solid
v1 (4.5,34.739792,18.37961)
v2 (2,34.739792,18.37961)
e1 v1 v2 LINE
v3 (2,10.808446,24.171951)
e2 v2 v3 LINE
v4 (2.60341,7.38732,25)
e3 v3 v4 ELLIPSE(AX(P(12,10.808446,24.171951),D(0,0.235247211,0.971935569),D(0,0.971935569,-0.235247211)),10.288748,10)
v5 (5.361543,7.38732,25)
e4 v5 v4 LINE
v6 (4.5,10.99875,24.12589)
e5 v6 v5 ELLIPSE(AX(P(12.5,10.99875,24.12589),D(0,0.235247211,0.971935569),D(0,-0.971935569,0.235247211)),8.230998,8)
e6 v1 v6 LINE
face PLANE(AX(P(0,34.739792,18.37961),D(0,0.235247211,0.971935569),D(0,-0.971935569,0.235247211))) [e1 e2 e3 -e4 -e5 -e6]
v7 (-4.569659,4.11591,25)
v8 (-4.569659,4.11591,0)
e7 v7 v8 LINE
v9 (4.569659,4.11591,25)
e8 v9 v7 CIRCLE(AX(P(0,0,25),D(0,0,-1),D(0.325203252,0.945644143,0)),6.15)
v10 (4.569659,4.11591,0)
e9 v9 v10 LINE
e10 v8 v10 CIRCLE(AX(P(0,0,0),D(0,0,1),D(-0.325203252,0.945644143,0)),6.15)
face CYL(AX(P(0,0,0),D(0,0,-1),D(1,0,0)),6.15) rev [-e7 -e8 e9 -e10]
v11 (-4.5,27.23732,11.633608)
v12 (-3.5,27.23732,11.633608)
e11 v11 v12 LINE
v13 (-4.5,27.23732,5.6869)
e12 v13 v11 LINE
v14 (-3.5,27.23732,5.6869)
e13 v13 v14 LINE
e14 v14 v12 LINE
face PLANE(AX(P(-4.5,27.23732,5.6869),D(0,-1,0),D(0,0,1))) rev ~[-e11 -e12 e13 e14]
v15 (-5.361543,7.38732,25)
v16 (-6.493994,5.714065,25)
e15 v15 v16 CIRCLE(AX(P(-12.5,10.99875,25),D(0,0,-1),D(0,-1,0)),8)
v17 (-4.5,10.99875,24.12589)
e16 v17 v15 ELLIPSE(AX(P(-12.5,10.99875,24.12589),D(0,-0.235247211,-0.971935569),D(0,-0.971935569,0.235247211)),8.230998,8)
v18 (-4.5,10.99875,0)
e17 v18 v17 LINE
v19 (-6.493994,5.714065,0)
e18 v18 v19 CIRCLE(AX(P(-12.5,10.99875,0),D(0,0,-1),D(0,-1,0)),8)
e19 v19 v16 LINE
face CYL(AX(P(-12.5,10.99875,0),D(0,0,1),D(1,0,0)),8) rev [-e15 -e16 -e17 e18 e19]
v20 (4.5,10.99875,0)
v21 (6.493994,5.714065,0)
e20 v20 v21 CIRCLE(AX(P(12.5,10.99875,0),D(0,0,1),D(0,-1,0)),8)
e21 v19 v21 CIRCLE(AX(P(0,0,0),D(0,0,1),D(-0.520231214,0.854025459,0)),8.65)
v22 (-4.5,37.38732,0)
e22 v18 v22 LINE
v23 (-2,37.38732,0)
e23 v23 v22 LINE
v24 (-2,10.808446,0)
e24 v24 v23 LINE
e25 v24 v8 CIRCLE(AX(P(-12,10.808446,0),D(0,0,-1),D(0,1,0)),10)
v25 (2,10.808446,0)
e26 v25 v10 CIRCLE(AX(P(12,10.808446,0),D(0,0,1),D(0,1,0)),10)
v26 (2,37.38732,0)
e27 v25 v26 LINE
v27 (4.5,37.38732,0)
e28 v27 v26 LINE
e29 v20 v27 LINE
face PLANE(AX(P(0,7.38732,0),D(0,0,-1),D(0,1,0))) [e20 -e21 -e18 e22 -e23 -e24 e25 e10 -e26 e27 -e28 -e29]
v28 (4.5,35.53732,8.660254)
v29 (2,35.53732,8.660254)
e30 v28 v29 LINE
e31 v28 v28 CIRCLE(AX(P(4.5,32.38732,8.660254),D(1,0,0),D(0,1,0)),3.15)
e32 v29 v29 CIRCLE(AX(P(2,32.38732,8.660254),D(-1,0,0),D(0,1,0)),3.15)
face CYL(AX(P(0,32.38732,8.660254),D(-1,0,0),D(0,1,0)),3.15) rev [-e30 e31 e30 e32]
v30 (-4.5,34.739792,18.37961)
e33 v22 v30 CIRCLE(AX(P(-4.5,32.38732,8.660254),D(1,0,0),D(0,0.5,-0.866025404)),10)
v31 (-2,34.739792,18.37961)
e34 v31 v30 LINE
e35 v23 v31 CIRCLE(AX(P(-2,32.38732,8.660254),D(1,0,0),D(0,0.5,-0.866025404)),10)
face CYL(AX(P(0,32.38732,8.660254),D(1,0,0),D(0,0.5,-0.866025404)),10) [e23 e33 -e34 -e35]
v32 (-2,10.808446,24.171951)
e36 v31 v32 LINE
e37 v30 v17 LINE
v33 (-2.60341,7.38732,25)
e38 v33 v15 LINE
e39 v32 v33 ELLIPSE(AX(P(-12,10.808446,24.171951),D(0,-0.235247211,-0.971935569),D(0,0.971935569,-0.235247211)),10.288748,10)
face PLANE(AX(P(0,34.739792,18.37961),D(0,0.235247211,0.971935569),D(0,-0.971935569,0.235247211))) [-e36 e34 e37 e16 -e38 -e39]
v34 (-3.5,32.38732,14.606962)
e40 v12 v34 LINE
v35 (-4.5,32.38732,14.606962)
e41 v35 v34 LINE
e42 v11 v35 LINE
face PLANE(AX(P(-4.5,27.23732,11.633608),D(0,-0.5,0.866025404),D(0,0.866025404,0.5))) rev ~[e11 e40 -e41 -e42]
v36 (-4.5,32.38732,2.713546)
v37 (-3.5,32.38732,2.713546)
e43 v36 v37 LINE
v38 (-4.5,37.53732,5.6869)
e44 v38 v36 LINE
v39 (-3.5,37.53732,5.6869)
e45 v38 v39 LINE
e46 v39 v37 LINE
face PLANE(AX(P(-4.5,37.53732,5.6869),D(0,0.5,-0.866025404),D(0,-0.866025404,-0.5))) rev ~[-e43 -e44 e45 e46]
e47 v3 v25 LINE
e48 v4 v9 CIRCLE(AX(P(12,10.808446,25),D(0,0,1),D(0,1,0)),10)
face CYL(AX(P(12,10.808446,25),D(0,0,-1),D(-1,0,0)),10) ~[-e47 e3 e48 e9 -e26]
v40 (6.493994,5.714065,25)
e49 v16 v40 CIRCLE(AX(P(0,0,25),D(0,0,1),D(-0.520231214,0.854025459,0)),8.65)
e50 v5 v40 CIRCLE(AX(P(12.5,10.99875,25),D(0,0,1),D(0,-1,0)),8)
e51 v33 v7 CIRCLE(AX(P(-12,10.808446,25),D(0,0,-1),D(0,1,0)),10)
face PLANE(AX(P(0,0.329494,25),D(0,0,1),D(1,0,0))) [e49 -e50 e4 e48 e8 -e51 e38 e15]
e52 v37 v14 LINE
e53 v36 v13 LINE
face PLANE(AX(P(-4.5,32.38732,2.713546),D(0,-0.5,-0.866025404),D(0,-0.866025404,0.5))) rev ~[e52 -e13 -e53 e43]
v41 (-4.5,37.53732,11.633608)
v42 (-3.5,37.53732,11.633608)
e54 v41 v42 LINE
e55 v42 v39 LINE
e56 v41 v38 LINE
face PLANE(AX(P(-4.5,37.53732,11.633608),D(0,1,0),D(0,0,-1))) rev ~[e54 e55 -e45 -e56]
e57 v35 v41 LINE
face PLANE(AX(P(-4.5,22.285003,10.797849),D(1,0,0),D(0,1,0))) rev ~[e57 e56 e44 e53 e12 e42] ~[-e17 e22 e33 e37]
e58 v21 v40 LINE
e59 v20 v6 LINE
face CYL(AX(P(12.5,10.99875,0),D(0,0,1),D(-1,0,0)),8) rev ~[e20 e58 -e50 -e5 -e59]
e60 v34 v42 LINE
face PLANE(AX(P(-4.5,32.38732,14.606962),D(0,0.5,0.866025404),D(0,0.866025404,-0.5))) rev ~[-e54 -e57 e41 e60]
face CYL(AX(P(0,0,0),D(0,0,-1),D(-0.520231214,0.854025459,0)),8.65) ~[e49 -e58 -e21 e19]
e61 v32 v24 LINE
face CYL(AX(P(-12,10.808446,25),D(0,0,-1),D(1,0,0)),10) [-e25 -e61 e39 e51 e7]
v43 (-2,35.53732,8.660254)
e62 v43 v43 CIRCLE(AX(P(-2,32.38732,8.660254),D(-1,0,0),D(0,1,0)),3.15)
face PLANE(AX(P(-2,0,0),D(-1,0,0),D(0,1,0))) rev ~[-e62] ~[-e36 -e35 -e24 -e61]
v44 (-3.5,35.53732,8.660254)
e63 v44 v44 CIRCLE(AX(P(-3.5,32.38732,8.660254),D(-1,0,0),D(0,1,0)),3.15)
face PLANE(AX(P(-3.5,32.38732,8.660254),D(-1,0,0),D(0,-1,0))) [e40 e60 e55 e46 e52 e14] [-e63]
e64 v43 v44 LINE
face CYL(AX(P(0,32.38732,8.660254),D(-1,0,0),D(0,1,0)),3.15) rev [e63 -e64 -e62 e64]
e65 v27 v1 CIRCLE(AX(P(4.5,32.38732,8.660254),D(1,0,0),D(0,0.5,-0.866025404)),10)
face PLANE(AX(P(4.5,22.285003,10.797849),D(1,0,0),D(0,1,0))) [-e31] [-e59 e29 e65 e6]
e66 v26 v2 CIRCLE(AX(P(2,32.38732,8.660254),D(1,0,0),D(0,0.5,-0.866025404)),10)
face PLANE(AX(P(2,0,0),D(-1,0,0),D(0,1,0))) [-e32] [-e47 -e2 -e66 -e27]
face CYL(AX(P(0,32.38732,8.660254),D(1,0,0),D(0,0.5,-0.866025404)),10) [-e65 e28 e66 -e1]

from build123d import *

# Parameters (mm, degrees)
F0_R     = 6.15
F1_DEPTH = 25
F2_R     = 3.15
F3_DEPTH = 4.5
F4_W     = 4
F4_H     = 43.2851596258
F5_DEPTH = 25.001
F6_R     = 8
F7_R     = 10
F8_R     = 3.15
F9_DEPTH = 1


with BuildPart() as f1:
    # F0 (on Top) → F1 (new body)
    with BuildSketch(Plane.XY):
        with BuildLine():
            Line((4.5, 7.3873202178), (-4.5, 7.3873202178))
            ThreePointArc((-4.5, 7.3873202178), (0, -8.65), (4.5, 7.3873202178))
        make_face()
        Circle(F0_R, mode=Mode.SUBTRACT)
    extrude(amount=F1_DEPTH)

    # F2 (on Right) → F3 (join, symmetric)
    with BuildSketch(Plane.YZ):
        with BuildLine():
            Line((34.739792331, 18.3796097241), (7.3873202178, 25))
            Line((7.3873202178, 25), (7.3873202178, 0))
            Line((7.3873202178, 0), (37.3873202178, 0))
            ThreePointArc((37.3873202178, 0), (42.2851596258, 10.0860082429), (34.739792331, 18.3796097241))
        make_face()
        with Locations((32.3873202178, 8.6602540378)):
            Circle(F2_R, mode=Mode.SUBTRACT)
    extrude(amount=F3_DEPTH, both=True)

    # F4 (on Top) → F5 (cut, through all)
    with BuildSketch(Plane.XY):
        with Locations((0, 21.6425798129)):
            Rectangle(F4_W, F4_H)
    extrude(amount=F5_DEPTH, mode=Mode.SUBTRACT)

    # F6
    f6_edges = [f1.edges().sort_by_distance(p)[0] for p in [
        (4.5, 7.38732, 12.5),
        (-4.5, 7.38732, 12.5),
    ]]
    fillet(f6_edges, radius=F6_R)

    # F7
    f7_edges = [f1.edges().sort_by_distance(p)[0] for p in [
        (-2, 5.815711, 12.5),
        (2, 5.815711, 12.5),
    ]]
    fillet(f7_edges, radius=F7_R)

    # F8 (on face) → F9 (cut)
    with BuildSketch(Plane(origin=(-4.5, 0, 0), x_dir=(0, -1, 0), z_dir=(-1, 0, 0))):
        Polygon((-37.5373202178, 11.6336079242), (-37.5373202178, 5.6869001515), (-32.3873202178, 2.7135462652), (-27.2373202178, 5.6869001515), (-27.2373202178, 11.6336079242), (-32.3873202178, 14.6069618105), align=None)
        with Locations((-32.3873202178, 8.6602540378)):
            Circle(F8_R, mode=Mode.SUBTRACT)
    extrude(amount=-F9_DEPTH, mode=Mode.SUBTRACT)


solid = f1.part
